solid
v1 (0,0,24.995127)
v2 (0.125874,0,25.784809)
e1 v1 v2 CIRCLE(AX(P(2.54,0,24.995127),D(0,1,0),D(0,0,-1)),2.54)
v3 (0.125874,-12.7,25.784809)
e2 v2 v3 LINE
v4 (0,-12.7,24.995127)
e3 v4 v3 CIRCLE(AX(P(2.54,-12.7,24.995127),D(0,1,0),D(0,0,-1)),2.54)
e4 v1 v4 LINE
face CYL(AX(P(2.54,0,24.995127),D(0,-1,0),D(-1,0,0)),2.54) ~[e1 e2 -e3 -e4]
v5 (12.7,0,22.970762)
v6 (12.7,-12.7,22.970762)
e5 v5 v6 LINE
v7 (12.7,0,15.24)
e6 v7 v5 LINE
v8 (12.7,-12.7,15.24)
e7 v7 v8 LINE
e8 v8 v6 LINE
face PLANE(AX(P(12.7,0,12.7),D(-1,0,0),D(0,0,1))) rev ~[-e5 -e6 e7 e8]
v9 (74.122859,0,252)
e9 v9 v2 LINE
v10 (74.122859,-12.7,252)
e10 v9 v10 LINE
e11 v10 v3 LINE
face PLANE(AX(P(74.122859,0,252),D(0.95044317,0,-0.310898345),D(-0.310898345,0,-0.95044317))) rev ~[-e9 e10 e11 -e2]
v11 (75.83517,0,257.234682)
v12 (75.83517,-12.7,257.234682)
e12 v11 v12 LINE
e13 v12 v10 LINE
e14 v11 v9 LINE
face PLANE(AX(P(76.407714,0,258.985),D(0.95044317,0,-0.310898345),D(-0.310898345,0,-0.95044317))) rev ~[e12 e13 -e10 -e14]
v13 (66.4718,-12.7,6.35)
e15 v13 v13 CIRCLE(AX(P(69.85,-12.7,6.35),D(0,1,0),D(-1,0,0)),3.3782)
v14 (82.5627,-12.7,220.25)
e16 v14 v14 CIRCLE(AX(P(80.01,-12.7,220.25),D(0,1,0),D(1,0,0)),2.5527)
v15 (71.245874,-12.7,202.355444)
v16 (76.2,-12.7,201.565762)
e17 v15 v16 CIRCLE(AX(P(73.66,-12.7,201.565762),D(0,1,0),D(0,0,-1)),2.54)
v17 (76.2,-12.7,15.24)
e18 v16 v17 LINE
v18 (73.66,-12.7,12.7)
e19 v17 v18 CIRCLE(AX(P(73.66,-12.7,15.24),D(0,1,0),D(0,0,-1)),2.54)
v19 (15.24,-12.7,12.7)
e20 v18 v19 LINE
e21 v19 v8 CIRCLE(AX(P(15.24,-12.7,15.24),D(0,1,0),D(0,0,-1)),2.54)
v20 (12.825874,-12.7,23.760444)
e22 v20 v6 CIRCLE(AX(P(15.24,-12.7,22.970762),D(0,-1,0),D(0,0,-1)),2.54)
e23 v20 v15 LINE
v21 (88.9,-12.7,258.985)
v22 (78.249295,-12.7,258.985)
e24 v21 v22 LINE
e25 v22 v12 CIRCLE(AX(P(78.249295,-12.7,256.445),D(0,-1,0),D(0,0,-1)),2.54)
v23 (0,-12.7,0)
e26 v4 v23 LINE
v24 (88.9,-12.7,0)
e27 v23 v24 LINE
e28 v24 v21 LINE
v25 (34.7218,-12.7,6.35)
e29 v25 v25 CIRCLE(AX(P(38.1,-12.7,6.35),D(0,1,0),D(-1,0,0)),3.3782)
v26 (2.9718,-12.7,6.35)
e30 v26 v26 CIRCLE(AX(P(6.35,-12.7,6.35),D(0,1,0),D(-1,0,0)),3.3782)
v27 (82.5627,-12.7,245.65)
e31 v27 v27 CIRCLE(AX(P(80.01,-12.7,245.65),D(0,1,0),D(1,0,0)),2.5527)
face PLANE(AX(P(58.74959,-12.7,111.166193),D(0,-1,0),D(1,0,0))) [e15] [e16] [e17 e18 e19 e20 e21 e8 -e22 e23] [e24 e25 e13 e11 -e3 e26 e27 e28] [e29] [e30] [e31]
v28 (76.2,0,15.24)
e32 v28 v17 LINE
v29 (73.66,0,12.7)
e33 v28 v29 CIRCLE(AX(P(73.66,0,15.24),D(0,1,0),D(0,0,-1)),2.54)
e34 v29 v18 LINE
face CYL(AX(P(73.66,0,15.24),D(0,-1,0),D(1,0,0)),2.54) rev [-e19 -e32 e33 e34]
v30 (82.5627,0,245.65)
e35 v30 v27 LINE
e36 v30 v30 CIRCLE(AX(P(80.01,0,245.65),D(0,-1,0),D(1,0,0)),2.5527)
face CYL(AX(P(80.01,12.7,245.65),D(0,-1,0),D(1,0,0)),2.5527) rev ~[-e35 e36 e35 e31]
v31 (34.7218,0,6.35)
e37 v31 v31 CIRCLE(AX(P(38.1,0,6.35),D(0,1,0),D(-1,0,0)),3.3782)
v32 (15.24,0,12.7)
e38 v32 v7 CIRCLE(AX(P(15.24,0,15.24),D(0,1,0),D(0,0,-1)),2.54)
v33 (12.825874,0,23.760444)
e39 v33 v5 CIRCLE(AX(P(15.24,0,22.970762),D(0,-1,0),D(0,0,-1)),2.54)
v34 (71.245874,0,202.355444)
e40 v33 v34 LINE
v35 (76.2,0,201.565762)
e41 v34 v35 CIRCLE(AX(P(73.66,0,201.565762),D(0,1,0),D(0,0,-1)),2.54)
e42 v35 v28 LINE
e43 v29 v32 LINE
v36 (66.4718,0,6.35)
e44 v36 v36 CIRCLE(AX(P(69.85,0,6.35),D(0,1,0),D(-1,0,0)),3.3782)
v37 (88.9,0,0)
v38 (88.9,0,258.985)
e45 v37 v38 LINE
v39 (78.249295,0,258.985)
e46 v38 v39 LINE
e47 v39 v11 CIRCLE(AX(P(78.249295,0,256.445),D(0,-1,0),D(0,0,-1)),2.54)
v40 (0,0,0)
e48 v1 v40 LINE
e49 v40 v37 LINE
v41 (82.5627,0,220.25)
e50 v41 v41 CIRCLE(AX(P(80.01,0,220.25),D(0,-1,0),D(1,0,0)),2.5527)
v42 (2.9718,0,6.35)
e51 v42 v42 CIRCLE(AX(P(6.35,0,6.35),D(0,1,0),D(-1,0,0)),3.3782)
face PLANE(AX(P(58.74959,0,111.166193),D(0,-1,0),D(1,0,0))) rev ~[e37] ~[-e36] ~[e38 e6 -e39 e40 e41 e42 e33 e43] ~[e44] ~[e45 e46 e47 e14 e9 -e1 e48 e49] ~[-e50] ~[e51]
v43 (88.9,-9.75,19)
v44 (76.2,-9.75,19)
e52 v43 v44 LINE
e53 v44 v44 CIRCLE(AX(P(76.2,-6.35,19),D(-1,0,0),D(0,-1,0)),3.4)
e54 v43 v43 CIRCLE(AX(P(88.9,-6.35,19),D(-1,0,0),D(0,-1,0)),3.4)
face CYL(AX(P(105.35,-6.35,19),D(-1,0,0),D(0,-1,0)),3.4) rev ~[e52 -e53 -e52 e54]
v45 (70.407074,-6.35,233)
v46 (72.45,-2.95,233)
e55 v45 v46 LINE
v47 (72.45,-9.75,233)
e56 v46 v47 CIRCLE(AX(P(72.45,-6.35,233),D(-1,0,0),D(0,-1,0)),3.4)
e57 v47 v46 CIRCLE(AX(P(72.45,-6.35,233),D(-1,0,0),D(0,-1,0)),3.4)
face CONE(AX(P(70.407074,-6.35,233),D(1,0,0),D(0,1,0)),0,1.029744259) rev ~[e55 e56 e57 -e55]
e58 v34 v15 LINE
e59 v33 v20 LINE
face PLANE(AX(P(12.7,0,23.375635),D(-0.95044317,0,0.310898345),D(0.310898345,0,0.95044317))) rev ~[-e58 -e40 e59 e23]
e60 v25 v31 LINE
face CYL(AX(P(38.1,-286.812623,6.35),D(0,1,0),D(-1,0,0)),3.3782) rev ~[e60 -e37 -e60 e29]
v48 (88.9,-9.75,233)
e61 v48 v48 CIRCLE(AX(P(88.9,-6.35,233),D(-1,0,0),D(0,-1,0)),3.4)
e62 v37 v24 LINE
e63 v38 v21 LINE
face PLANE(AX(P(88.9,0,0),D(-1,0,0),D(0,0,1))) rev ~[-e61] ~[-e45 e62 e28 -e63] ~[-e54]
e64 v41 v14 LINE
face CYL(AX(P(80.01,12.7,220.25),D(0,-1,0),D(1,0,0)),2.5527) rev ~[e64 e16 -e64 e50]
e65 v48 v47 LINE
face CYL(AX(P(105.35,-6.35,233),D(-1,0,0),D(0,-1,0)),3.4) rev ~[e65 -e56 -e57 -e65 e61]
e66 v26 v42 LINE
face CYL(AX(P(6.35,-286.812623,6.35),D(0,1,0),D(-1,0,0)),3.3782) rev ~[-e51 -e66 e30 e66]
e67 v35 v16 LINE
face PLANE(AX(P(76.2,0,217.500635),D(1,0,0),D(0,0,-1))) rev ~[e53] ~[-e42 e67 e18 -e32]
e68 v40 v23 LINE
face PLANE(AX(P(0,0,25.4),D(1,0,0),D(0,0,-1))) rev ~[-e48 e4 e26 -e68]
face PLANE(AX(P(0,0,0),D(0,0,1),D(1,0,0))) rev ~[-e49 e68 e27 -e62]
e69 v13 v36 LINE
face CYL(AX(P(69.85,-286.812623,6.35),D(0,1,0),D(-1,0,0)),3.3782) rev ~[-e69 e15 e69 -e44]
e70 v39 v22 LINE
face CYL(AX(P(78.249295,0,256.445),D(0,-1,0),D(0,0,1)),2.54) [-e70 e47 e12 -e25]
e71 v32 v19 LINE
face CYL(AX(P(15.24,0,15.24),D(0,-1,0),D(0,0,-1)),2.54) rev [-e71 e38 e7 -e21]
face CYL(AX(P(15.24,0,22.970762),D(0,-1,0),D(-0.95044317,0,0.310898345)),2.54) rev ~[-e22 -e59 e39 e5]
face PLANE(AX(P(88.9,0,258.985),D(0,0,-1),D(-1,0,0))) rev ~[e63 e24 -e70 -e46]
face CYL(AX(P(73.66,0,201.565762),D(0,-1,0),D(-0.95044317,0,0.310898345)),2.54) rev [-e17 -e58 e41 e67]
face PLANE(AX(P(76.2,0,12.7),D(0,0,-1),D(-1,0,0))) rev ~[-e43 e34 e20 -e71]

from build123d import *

# Parameters (mm, degrees)
F1_DEPTH = 12.7
F2_R     = 2.54
F4_D     = 6.8
F4_DEPTH = 16.45
F4_TIP   = 2.0429261047
F6_D     = 5.1054
F6_DEPTH = 12.7
F6_TIP   = 1.5338169022
F8_D     = 6.7564


with BuildPart() as f1:
    # F0 (on Front) → F1 (new body)
    with BuildSketch(Plane.XZ):
        Polygon((0, 25.4), (0, 0), (88.9, 0), (88.9, 12.7), (88.9, 226.6), (88.9, 239.3), (88.9, 252), (74.1228589826, 252), align=None)
        Polygon((76.2, 217.5006349499), (76.2, 12.7), (12.7, 12.7), (12.7, 23.3756349499), align=None, mode=Mode.SUBTRACT)
        Polygon((76.4077141017, 258.985), (74.1228589826, 252), (88.9, 252), (88.9, 258.985), align=None)
    extrude(amount=F1_DEPTH)

    # F2
    f2_edges = [f1.edges().sort_by_distance(p)[0] for p in [
        (0, -6.35, 25.4),
        (76.2, -6.35, 12.7),
        (12.7, -6.35, 12.7),
        (12.7, -6.35, 23.375635),
        (76.2, -6.35, 217.500635),
        (76.407714, -6.35, 258.985),
    ]]
    fillet(f2_edges, radius=F2_R)

    # F4
    with Locations(Plane.YZ.offset(88.9)):
        with Locations((-6.35, 233), (-6.35, 19)):
            Hole(F4_D / 2, depth=F4_DEPTH)
            with Locations((0, 0, -(F4_DEPTH + F4_TIP / 2))):  # 118° drill point
                Cone(0, F4_D / 2, F4_TIP, mode=Mode.SUBTRACT)

    # F6
    with Locations(Plane(origin=(0, 0, 0), x_dir=(-1, 0, 0), z_dir=(0, 1, 0))):
        with Locations((-80.01, 245.65), (-80.01, 220.25)):
            Hole(F6_D / 2, depth=F6_DEPTH)
            with Locations((0, 0, -(F6_DEPTH + F6_TIP / 2))):  # 118° drill point
                Cone(0, F6_D / 2, F6_TIP, mode=Mode.SUBTRACT)

    # F8 (through all)
    with Locations(Plane.XZ.offset(12.7)):
        with Locations((6.35, 6.35), (38.1, 6.35), (69.85, 6.35)):
            Hole(F8_D / 2)


solid = f1.part
